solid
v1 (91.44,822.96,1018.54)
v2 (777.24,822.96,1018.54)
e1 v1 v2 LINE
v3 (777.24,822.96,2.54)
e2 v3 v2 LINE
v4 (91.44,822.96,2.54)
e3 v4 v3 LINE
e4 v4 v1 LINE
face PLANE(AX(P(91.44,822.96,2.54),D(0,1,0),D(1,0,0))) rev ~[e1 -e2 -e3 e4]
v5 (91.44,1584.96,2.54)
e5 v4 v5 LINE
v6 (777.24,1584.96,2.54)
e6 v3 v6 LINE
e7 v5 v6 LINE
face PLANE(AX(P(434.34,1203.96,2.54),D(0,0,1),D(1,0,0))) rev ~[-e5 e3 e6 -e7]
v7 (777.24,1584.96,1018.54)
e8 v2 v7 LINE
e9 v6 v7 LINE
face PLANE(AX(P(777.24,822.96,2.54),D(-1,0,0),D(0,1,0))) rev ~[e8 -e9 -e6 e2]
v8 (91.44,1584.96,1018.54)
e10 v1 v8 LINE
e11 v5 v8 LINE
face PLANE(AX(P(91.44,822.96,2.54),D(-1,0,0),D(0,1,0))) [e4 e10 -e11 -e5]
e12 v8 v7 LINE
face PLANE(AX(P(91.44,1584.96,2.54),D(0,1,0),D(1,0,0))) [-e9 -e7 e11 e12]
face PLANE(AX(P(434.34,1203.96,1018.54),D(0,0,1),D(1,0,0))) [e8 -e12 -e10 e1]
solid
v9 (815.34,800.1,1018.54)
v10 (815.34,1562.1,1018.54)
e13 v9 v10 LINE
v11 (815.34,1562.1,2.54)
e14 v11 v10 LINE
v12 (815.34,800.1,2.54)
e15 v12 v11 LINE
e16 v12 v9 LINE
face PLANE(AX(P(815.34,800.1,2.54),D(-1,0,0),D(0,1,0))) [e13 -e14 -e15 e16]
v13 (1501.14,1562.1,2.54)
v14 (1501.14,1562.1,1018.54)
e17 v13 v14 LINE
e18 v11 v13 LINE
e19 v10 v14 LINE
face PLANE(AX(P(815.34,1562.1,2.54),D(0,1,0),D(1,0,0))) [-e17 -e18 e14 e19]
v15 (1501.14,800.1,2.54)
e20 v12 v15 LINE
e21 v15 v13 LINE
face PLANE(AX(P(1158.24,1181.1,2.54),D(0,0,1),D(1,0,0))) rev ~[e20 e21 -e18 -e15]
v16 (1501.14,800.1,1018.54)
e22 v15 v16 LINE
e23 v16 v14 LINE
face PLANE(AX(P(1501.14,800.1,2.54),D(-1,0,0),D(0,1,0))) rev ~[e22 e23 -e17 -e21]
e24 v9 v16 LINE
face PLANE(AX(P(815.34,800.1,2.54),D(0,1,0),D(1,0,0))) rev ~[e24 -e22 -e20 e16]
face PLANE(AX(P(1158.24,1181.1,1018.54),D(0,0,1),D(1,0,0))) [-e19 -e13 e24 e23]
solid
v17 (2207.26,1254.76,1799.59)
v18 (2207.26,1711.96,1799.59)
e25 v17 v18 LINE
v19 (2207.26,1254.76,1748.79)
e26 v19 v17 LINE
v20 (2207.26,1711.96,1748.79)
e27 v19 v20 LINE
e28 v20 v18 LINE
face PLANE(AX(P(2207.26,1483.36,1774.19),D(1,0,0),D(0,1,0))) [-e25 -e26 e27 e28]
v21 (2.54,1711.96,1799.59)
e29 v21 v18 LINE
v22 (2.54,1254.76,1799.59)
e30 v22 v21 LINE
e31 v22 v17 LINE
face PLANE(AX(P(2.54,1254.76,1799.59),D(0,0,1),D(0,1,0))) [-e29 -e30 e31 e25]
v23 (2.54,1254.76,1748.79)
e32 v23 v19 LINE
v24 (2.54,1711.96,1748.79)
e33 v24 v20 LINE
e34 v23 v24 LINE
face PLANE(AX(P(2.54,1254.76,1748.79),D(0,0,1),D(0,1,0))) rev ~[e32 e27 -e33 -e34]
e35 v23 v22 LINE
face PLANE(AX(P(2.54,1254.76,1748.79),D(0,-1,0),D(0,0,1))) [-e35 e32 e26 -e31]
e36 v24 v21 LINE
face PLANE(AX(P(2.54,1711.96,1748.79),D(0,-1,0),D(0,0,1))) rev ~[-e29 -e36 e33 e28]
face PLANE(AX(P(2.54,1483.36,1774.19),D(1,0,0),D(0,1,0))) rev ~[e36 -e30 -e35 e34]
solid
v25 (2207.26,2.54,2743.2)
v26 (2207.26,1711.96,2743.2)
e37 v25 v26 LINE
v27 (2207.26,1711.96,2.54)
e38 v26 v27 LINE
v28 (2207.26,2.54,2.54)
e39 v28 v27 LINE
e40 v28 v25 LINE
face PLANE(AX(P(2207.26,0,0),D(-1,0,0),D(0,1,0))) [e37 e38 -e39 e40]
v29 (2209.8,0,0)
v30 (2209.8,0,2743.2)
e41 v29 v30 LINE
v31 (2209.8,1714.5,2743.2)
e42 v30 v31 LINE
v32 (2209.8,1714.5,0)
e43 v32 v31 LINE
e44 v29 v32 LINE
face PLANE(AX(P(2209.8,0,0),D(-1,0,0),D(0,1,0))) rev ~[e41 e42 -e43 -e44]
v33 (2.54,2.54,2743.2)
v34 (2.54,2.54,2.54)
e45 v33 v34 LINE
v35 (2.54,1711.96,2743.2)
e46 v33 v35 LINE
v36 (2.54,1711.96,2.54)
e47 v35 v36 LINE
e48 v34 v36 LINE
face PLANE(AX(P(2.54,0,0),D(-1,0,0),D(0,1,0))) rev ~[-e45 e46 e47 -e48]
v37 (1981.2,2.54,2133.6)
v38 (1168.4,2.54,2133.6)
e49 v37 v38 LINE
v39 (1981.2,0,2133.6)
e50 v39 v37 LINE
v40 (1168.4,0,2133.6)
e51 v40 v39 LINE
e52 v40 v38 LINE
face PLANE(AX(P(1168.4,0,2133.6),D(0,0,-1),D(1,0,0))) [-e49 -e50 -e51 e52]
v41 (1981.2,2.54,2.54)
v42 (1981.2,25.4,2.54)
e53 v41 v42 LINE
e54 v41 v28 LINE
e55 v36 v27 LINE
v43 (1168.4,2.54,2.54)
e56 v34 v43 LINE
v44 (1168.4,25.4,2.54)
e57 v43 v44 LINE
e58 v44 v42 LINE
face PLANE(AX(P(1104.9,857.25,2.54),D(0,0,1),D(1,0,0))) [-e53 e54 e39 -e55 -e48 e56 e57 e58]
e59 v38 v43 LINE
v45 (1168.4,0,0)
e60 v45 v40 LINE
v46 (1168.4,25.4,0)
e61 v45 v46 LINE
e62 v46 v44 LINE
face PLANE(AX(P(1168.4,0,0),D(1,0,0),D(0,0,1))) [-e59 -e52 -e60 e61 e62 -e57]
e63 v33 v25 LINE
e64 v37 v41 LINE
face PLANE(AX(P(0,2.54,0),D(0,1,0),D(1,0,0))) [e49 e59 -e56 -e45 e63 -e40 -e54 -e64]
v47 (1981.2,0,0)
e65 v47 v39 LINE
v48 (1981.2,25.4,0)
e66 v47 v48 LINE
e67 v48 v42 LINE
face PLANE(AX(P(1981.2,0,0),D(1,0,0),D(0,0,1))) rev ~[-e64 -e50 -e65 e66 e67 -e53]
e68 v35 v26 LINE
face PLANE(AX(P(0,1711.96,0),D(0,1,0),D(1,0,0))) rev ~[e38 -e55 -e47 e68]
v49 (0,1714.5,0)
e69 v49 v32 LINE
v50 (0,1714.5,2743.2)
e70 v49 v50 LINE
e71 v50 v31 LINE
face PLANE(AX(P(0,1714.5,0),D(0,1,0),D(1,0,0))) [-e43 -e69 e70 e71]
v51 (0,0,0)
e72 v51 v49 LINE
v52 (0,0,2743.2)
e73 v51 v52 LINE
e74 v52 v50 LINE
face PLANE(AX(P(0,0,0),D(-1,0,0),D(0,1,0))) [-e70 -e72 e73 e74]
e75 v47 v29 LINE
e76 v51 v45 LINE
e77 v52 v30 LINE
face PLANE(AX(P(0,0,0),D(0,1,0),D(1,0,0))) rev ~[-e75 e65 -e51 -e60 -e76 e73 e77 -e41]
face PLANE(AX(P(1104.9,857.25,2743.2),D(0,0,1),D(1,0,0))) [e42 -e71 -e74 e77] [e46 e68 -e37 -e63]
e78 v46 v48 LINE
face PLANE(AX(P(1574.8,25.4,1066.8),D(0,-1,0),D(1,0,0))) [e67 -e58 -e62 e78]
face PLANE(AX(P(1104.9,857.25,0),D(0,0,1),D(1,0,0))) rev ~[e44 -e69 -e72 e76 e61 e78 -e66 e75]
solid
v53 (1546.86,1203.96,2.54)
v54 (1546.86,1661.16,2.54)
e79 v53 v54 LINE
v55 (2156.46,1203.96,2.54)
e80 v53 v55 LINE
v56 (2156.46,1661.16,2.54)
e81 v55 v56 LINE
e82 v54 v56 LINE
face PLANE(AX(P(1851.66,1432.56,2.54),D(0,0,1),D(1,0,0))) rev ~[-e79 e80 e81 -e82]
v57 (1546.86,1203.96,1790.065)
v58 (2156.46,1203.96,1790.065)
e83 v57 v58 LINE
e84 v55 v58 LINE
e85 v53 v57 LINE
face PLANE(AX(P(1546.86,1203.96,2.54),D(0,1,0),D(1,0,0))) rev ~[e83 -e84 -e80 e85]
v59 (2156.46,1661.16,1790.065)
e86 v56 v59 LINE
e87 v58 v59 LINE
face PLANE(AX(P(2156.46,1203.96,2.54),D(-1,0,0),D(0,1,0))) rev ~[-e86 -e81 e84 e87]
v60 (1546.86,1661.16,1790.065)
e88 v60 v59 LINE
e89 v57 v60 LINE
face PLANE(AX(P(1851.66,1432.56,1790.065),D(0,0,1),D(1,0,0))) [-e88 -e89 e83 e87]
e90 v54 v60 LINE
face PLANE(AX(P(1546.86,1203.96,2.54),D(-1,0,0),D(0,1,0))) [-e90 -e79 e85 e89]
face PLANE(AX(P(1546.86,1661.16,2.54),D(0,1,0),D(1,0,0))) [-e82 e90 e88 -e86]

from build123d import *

# Parameters (mm, degrees)
F0_W      = 2209.8
F0_H      = 1714.5
F1_DEPTH  = 2743.2
F2_T      = -2.54
F3_W      = 812.8
F3_H      = 2133.6
F4_DEPTH  = 25.4
F5_W      = 685.8
F5_H      = 762
F6_DEPTH  = 1016
F7_W      = 457.2
F7_H      = 50.8
F8_DEPTH  = 2204.72
F9_W      = 609.6
F9_H      = 457.2
F10_DEPTH = 1787.525


with BuildPart() as f1:
    # F0 (on Top) → F1 (new body)
    with BuildSketch(Plane.XY):
        with Locations((1104.9, 857.25)):
            Rectangle(F0_W, F0_H)
    extrude(amount=F1_DEPTH)

    # F2
    f2_openings = [f1.faces().sort_by_distance(p)[0] for p in [
        (1104.9, 857.25, 2743.2),
    ]]
    offset(amount=F2_T, openings=f2_openings)

    # F3 (on face) → F4 (cut)
    with BuildSketch(Plane.XZ):
        with Locations((1574.8, 1066.8)):
            Rectangle(F3_W, F3_H)
    extrude(amount=-F4_DEPTH, mode=Mode.SUBTRACT)


with BuildPart() as f6:
    # F5 (on face) → F6 (new body)
    with BuildSketch(Plane.XY.offset(2.54)):
        with Locations((434.34, 1203.96)):
            Rectangle(F5_W, F5_H)
    extrude(amount=F6_DEPTH)


with BuildPart() as f6b:
    # F5 (on face) → F6, piece 2 (new body)
    with BuildSketch(Plane.XY.offset(2.54)):
        with Locations((1158.24, 1181.1)):
            Rectangle(F5_W, F5_H)
    extrude(amount=F6_DEPTH)


with BuildPart() as f8:
    # F7 (on face) → F8 (new body, through all)
    with BuildSketch(Plane.YZ.offset(2.54)):
        with Locations((1483.36, 1774.19)):
            Rectangle(F7_W, F7_H)
    extrude(amount=F8_DEPTH)


with BuildPart() as f10:
    # F9 (on face) → F10 (new body)
    with BuildSketch(Plane.XY.offset(2.54)):
        with Locations((1851.66, 1432.56)):
            Rectangle(F9_W, F9_H)
    extrude(amount=F10_DEPTH)


solid = Compound([f1.part, f6.part, f6b.part, f8.part, f10.part])
